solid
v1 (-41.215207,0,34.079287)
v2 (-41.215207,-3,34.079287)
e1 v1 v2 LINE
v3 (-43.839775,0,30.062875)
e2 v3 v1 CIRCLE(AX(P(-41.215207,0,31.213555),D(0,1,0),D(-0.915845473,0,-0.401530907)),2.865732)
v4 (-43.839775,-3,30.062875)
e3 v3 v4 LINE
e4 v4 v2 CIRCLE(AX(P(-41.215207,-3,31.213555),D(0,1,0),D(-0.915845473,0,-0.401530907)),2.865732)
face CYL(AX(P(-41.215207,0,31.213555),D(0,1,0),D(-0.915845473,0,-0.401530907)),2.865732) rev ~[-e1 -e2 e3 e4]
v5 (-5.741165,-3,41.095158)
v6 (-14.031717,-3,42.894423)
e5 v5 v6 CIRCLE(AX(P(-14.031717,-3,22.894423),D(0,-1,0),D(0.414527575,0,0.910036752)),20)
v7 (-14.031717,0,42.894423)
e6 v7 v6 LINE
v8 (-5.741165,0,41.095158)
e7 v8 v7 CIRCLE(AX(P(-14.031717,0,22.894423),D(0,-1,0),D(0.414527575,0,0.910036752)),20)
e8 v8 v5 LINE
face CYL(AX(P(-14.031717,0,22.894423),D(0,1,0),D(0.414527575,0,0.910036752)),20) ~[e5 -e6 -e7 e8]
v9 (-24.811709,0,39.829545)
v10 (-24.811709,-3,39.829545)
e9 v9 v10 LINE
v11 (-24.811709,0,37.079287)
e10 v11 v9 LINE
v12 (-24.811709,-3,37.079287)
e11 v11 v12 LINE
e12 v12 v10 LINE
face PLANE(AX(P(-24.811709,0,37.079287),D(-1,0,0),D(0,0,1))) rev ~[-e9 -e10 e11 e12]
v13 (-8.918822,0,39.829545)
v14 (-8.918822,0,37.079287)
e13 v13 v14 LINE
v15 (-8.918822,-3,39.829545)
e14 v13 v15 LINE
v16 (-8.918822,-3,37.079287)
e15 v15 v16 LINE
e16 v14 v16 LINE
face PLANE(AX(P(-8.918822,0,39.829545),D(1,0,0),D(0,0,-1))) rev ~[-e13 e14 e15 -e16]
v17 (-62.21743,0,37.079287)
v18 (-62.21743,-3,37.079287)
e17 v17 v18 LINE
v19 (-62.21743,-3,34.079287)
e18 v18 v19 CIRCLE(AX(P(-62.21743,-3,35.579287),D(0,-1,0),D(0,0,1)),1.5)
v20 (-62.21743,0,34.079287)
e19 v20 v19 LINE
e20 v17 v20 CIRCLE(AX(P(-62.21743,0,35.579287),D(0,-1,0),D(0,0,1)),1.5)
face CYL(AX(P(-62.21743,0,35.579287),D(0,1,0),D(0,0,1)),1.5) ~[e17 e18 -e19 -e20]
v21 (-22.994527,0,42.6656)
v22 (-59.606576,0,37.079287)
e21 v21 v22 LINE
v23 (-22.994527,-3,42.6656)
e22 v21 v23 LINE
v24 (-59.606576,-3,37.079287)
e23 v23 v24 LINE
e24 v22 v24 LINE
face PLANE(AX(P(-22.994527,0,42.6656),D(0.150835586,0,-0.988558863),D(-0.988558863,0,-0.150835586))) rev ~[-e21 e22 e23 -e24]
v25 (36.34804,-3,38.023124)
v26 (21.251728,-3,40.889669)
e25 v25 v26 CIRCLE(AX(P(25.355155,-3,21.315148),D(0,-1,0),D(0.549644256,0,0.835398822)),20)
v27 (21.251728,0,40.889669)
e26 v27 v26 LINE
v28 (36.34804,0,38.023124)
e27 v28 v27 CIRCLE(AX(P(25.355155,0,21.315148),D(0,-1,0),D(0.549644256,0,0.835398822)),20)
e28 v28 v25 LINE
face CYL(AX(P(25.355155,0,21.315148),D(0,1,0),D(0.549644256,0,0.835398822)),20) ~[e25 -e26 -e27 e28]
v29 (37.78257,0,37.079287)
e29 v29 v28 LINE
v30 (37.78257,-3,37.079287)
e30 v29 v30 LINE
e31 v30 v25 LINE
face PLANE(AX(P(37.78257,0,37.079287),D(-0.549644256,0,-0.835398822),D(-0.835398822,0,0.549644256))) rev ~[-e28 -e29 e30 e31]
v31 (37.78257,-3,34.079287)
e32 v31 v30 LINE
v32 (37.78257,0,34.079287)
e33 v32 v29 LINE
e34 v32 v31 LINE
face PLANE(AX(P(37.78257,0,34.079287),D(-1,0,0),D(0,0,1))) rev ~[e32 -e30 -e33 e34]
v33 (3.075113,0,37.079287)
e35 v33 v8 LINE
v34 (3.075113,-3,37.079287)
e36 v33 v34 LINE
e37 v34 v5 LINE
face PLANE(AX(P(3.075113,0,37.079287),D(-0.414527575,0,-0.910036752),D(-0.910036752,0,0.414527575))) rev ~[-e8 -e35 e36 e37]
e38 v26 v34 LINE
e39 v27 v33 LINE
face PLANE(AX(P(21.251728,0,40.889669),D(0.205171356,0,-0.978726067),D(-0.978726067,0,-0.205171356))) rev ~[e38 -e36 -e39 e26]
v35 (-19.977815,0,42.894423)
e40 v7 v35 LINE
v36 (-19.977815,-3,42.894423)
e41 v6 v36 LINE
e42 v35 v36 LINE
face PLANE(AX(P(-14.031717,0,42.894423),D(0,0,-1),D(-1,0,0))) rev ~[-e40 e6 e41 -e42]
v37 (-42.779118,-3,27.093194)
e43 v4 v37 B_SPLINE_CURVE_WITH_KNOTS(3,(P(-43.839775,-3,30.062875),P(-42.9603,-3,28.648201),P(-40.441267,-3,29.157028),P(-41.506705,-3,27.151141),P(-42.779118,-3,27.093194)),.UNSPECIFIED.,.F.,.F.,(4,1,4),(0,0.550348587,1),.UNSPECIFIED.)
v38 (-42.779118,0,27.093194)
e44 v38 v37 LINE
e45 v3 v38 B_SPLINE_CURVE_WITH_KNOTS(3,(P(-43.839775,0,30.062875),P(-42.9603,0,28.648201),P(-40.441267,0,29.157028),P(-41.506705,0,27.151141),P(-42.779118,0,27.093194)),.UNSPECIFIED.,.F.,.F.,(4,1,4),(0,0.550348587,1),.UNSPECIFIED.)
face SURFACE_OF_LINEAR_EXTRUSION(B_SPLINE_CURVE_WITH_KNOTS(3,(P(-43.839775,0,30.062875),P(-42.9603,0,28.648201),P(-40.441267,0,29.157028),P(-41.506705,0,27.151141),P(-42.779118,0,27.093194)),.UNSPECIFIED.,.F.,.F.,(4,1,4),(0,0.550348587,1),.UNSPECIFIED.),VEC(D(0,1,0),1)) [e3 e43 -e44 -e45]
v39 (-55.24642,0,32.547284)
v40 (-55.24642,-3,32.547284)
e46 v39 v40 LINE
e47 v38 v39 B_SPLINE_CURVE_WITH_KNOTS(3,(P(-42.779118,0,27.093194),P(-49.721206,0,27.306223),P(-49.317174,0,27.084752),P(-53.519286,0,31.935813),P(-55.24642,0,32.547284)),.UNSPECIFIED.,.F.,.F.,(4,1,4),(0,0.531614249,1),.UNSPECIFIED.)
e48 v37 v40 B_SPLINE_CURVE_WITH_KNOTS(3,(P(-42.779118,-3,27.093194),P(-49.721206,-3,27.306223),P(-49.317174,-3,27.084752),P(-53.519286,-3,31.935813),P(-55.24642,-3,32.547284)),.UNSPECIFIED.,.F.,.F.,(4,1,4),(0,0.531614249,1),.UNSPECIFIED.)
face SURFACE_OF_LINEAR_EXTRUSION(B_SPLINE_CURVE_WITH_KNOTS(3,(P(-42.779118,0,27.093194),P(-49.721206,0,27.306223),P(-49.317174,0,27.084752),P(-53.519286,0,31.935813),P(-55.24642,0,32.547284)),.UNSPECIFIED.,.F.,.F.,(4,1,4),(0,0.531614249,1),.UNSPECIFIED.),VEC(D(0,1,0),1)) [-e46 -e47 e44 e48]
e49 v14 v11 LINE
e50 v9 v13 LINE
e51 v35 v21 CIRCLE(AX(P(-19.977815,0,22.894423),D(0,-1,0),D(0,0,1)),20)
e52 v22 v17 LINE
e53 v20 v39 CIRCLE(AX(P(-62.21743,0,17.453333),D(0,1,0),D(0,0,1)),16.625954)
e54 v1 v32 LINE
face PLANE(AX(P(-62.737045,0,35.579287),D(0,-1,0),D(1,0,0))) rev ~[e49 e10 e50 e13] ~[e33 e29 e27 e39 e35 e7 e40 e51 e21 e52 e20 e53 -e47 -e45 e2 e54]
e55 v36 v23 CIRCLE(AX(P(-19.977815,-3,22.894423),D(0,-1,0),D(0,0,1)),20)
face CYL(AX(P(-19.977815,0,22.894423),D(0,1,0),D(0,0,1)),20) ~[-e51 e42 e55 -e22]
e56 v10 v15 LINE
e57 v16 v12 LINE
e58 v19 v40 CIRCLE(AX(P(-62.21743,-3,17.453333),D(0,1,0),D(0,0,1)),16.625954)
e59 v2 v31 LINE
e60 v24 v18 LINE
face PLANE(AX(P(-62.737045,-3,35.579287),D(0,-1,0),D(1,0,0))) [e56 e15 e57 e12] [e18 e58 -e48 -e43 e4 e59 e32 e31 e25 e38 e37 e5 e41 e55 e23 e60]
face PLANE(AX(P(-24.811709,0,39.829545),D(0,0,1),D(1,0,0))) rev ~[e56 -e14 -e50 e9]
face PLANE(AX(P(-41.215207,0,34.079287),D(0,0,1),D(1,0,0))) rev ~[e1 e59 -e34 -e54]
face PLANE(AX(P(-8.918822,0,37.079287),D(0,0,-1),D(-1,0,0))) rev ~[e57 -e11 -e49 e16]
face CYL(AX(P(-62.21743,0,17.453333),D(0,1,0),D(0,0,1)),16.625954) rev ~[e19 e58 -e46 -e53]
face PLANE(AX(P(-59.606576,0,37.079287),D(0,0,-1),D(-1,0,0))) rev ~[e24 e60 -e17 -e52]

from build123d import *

# Parameters (mm, degrees)
F1_DEPTH = 3


with BuildPart() as f1:
    # F0 (on Front) → F1 (new body)
    with BuildSketch(Plane.XZ):
        with BuildLine():
            Line((-62.2174302257, 34.0792866244), (-62.2174302257, 37.0792866244))
            ThreePointArc((-62.2174302257, 37.0792866244), (-63.7174302257, 35.5792866244), (-62.2174302257, 34.0792866244))
        make_face()
        with BuildLine():
            ThreePointArc((-43.8397750258, 30.0628747791), (-43.6141613241, 32.781176986), (-41.2152074277, 34.0792866244))
            Line((-41.2152074277, 34.0792866244), (-41.2691645324, 34.0792866244))
            Line((-41.2691645324, 34.0792866244), (-54.0572144091, 34.0792866244))
            Line((-54.0572144091, 34.0792866244), (-62.2174302257, 34.0792866244))
            ThreePointArc((-62.2174302257, 34.0792866244), (-58.6487465395, 33.6917698382), (-55.2464202046, 32.5472839177))
            add(Edge.make_bspline(
                [(-42.7791178226, 27.0931944251), (-49.7212063405, 27.3062232623), (-49.3171741888, 27.0847515739), (-53.5192862103, 31.93581339), (-55.2464202046, 32.5472839177)],
                knots=[0, 0, 0, 0, 0.5316142491, 1, 1, 1, 1], degree=3))
            add(Edge.make_bspline(
                [(-43.8397750258, 30.0628747791), (-42.9603002793, 28.648200624), (-40.4412665904, 29.1570281848), (-41.5067049695, 27.1511407727), (-42.7791178226, 27.0931944251)],
                knots=[0, 0, 0, 0, 0.5503485868, 1, 1, 1, 1], degree=3))
        make_face()
        with BuildLine():
            Line((-8.9188218117, 37.0792866244), (3.0751132872, 37.0792866244))
            Line((3.0751132872, 37.0792866244), (-5.7411652831, 41.0951580407))
            ThreePointArc((-5.7411652831, 41.0951580407), (-9.7899424344, 42.4394313305), (-14.0317167887, 42.894423008))
            Line((-14.0317167887, 42.894423008), (-19.9778148896, 42.894423008))
            ThreePointArc((-19.9778148896, 42.894423008), (-21.4905036729, 42.837135277), (-22.9945266053, 42.6656002725))
            Line((-22.9945266053, 42.6656002725), (-59.6065756835, 37.0792866244))
            Line((-59.6065756835, 37.0792866244), (-24.8117092997, 37.0792866244))
            Line((-24.8117092997, 37.0792866244), (-24.8117092997, 39.829544723))
            Line((-24.8117092997, 39.829544723), (-8.9188218117, 39.829544723))
            Line((-8.9188218117, 39.829544723), (-8.9188218117, 37.0792866244))
        make_face()
        Polygon((37.7825697743, 34.0792866244), (37.7825697743, 37.0792866244), (3.0751132872, 37.0792866244), (-8.9188218117, 37.0792866244), (-24.8117092997, 37.0792866244), (-59.6065756835, 37.0792866244), (-62.2174302257, 37.0792866244), (-62.2174302257, 34.0792866244), (-54.0572144091, 34.0792866244), (-41.2691645324, 34.0792866244), (-41.2152074277, 34.0792866244), align=None)
        with BuildLine():
            Line((3.0751132872, 37.0792866244), (37.7825697743, 37.0792866244))
            Line((37.7825697743, 37.0792866244), (36.3480403802, 38.0231242511))
            ThreePointArc((36.3480403802, 38.0231242511), (29.0861642169, 40.964055469), (21.251728148, 40.889669157))
            Line((21.251728148, 40.889669157), (3.0751132872, 37.0792866244))
        make_face()
    extrude(amount=F1_DEPTH)


solid = f1.part
